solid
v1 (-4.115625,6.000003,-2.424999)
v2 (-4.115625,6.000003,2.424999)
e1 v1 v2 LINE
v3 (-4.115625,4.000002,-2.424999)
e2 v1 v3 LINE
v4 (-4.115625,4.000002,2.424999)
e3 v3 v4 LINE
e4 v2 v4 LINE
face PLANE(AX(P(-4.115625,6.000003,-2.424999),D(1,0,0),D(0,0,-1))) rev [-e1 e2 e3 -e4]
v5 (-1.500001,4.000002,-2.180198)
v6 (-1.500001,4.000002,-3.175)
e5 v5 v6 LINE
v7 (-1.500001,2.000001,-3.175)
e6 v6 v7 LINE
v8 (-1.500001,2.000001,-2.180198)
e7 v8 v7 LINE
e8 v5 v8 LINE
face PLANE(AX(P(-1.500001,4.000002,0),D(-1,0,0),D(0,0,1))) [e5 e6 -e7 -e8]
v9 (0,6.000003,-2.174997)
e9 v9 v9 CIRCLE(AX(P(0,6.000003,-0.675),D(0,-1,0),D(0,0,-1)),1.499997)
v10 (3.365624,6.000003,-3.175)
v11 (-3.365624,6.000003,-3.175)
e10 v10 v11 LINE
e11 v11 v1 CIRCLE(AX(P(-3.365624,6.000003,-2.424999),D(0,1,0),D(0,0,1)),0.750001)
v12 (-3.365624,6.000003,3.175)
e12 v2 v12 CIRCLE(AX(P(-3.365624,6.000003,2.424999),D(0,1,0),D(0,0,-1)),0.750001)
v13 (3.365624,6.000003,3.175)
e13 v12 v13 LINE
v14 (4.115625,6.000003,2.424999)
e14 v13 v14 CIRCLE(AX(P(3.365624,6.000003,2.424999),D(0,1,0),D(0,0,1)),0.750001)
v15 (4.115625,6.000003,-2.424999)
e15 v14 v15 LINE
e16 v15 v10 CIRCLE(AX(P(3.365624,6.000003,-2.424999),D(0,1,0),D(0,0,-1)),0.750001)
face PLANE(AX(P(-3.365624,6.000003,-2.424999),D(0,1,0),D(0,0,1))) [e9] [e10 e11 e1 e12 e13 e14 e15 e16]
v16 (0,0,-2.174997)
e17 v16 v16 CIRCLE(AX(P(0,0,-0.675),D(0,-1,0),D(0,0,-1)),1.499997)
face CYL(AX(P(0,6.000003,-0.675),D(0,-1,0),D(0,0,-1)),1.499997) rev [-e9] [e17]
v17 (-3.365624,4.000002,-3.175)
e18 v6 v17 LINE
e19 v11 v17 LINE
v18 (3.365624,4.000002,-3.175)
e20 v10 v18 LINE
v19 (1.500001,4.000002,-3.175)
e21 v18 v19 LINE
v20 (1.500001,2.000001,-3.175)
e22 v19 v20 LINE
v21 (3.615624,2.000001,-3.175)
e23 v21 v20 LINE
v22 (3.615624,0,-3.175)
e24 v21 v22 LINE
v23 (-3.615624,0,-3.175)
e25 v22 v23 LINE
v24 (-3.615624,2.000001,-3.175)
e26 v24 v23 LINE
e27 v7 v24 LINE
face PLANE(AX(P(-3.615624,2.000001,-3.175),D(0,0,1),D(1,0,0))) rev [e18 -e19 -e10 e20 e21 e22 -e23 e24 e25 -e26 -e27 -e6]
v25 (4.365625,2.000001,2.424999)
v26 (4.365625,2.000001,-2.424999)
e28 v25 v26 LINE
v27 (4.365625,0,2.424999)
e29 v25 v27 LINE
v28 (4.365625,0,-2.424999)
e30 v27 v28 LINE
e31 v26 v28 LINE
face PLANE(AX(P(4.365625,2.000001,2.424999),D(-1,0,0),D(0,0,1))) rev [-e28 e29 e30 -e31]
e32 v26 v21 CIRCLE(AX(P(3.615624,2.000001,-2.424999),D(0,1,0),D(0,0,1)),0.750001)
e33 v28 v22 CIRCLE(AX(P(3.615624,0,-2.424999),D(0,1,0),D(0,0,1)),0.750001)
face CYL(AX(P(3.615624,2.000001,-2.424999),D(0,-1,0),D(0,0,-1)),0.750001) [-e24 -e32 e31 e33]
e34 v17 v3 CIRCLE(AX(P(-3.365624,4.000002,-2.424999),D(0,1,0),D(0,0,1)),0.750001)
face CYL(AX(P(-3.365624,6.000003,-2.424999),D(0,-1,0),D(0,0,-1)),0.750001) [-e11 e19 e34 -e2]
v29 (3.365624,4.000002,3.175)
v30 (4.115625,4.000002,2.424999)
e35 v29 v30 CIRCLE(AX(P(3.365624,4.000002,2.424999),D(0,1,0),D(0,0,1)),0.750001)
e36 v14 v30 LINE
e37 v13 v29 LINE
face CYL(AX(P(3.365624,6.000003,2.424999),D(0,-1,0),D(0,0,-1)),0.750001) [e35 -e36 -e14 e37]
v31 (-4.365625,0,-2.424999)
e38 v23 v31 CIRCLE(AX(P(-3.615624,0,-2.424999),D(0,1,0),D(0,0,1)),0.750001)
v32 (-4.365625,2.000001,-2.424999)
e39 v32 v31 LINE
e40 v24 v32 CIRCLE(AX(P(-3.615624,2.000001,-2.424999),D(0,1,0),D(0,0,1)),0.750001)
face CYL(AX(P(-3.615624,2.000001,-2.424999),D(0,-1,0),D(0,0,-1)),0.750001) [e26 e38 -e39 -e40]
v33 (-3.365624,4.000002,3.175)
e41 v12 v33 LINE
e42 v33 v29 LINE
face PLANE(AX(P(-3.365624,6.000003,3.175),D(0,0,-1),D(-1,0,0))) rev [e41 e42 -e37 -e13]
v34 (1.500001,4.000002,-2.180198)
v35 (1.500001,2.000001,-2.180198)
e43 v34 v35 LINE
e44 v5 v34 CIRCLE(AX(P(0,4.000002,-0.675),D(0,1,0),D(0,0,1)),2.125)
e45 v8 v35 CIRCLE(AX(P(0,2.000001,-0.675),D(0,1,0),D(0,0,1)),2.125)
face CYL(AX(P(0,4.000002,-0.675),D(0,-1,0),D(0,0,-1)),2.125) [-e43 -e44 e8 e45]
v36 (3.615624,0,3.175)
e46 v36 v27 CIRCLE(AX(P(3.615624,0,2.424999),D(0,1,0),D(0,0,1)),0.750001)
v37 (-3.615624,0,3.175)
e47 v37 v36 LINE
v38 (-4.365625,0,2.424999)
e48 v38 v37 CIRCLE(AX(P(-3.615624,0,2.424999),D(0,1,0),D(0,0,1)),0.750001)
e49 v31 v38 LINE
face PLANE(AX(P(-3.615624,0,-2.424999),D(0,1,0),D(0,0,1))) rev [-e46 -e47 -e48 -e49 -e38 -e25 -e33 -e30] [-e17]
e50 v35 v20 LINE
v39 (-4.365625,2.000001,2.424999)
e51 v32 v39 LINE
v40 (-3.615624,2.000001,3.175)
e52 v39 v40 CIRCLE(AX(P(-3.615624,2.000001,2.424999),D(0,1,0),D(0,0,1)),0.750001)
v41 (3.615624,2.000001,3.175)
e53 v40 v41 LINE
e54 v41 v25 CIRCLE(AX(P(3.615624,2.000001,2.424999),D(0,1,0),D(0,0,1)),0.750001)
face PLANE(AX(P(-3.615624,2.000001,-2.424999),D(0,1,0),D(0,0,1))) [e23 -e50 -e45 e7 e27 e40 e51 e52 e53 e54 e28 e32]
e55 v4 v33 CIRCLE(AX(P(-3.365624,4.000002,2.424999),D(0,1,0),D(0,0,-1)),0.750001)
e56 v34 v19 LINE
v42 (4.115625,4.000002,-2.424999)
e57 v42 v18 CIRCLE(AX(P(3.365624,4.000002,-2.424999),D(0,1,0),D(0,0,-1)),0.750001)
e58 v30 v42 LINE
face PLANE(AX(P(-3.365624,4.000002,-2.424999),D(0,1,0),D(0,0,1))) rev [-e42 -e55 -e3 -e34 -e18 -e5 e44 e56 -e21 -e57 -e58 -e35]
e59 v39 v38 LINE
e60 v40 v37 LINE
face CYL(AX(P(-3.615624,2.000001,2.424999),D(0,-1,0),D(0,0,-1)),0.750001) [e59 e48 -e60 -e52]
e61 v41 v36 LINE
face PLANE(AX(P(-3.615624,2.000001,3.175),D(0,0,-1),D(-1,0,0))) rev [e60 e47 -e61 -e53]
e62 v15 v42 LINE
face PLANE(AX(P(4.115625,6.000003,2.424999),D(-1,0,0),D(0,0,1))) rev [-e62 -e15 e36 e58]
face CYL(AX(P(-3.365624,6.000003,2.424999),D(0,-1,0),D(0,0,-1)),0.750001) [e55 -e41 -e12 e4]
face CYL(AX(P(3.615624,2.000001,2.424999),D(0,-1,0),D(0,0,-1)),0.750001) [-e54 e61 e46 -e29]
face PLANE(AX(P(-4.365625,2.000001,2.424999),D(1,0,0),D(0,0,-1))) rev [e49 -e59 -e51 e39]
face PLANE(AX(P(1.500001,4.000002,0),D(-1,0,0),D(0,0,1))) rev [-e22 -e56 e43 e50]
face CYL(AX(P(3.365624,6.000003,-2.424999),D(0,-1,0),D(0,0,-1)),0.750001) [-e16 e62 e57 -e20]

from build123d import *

# Parameters (mm, degrees)
BOSS_EXTRUDE1_DEPTH = 2.00000108
BOSS_EXTRUDE2_DEPTH = 2.00000108
BOSS_EXTRUDE3_DEPTH = 2.00000108
SKETCH4_R           = 1.499997
CUT_EXTRUDE1_DEPTH  = 9.070894964


with BuildPart() as part:
    # Sketch1 → Boss-Extrude1 (new body)
    with BuildSketch(Plane(origin=(0, 0, 0), x_dir=(1, 0, 0), z_dir=(0, 1, 0))):
        with BuildLine():
            Line((-3.61562396, -3.175), (3.61562396, -3.175))
            ThreePointArc((3.61562396, -3.175), (4.145954781, -2.955329781), (4.365625, -2.42499896))
            Line((4.365625, -2.42499896), (4.365625, 2.42499896))
            ThreePointArc((4.365625, 2.42499896), (4.145954781, 2.955329781), (3.61562396, 3.175))
            Line((3.61562396, 3.175), (-3.61562396, 3.175))
            ThreePointArc((-3.61562396, 3.175), (-4.145954781, 2.955329781), (-4.365625, 2.42499896))
            Line((-4.365625, 2.42499896), (-4.365625, -2.42499896))
            ThreePointArc((-4.365625, -2.42499896), (-4.145954781, -2.955329781), (-3.61562396, -3.175))
        make_face()
    extrude(amount=BOSS_EXTRUDE1_DEPTH)

    # Sketch2 → Boss-Extrude2 (add)
    with BuildSketch(Plane(origin=(0, 2.00000108, 0), x_dir=(1, 0, 0), z_dir=(0, 1, 0))):
        with BuildLine():
            Line((-1.50000081, 2.180197814), (-1.50000081, 2.17499946))
            Line((-1.50000081, 2.17499946), (1.50000081, 2.17499946))
            Line((1.50000081, 2.17499946), (1.50000081, 2.180197814))
            ThreePointArc((1.50000081, 2.180197814), (0, 2.79999948), (-1.50000081, 2.180197814))
        make_face()
        with BuildLine():
            Line((1.50000081, 2.17499946), (-1.50000081, 2.17499946))
            Line((-1.50000081, 2.17499946), (-1.50000081, 2.180197814))
            ThreePointArc((-1.50000081, 2.180197814), (-0.814899401, -1.287539785), (2.12499956, 0.67499992))
            ThreePointArc((2.12499956, 0.67499992), (1.962539705, 1.489899321), (1.50000081, 2.180197814))
            Line((1.50000081, 2.180197814), (1.50000081, 2.17499946))
        make_face()
        with BuildLine():
            Line((-1.50000081, 3.175), (-1.50000081, 2.180197814))
            ThreePointArc((-1.50000081, 2.180197814), (0, 2.79999948), (1.50000081, 2.180197814))
            Line((1.50000081, 2.180197814), (1.50000081, 3.175))
            Line((1.50000081, 3.175), (-1.50000081, 3.175))
        make_face()
    extrude(amount=BOSS_EXTRUDE2_DEPTH)

    # Sketch3 → Boss-Extrude3 (add)
    with BuildSketch(Plane(origin=(0, 4.00000216, 0), x_dir=(1, 0, 0), z_dir=(0, 1, 0))):
        with BuildLine():
            Line((-4.115624992, 2.42499896), (-4.115624992, -2.42499896))
            ThreePointArc((-4.115624992, -2.42499896), (-3.895954773, -2.955329781), (-3.365623952, -3.175))
            Line((-3.365623952, -3.175), (3.365623952, -3.175))
            ThreePointArc((3.365623952, -3.175), (3.895954773, -2.955329781), (4.115624992, -2.42499896))
            Line((4.115624992, -2.42499896), (4.115624992, 2.42499896))
            ThreePointArc((4.115624992, 2.42499896), (3.895954773, 2.955329781), (3.365623952, 3.175))
            Line((3.365623952, 3.175), (-3.365623952, 3.175))
            ThreePointArc((-3.365623952, 3.175), (-3.895954773, 2.955329781), (-4.115624992, 2.42499896))
        make_face()
    extrude(amount=BOSS_EXTRUDE3_DEPTH)

    # Sketch4 → Cut-Extrude1 (cut, through all)
    with BuildSketch(Plane.XZ):
        with Locations(Location((0, -0.67499992, 0), (0, 0, 270))):
            Circle(SKETCH4_R)
    extrude(amount=-CUT_EXTRUDE1_DEPTH, mode=Mode.SUBTRACT)


solid = part.part
